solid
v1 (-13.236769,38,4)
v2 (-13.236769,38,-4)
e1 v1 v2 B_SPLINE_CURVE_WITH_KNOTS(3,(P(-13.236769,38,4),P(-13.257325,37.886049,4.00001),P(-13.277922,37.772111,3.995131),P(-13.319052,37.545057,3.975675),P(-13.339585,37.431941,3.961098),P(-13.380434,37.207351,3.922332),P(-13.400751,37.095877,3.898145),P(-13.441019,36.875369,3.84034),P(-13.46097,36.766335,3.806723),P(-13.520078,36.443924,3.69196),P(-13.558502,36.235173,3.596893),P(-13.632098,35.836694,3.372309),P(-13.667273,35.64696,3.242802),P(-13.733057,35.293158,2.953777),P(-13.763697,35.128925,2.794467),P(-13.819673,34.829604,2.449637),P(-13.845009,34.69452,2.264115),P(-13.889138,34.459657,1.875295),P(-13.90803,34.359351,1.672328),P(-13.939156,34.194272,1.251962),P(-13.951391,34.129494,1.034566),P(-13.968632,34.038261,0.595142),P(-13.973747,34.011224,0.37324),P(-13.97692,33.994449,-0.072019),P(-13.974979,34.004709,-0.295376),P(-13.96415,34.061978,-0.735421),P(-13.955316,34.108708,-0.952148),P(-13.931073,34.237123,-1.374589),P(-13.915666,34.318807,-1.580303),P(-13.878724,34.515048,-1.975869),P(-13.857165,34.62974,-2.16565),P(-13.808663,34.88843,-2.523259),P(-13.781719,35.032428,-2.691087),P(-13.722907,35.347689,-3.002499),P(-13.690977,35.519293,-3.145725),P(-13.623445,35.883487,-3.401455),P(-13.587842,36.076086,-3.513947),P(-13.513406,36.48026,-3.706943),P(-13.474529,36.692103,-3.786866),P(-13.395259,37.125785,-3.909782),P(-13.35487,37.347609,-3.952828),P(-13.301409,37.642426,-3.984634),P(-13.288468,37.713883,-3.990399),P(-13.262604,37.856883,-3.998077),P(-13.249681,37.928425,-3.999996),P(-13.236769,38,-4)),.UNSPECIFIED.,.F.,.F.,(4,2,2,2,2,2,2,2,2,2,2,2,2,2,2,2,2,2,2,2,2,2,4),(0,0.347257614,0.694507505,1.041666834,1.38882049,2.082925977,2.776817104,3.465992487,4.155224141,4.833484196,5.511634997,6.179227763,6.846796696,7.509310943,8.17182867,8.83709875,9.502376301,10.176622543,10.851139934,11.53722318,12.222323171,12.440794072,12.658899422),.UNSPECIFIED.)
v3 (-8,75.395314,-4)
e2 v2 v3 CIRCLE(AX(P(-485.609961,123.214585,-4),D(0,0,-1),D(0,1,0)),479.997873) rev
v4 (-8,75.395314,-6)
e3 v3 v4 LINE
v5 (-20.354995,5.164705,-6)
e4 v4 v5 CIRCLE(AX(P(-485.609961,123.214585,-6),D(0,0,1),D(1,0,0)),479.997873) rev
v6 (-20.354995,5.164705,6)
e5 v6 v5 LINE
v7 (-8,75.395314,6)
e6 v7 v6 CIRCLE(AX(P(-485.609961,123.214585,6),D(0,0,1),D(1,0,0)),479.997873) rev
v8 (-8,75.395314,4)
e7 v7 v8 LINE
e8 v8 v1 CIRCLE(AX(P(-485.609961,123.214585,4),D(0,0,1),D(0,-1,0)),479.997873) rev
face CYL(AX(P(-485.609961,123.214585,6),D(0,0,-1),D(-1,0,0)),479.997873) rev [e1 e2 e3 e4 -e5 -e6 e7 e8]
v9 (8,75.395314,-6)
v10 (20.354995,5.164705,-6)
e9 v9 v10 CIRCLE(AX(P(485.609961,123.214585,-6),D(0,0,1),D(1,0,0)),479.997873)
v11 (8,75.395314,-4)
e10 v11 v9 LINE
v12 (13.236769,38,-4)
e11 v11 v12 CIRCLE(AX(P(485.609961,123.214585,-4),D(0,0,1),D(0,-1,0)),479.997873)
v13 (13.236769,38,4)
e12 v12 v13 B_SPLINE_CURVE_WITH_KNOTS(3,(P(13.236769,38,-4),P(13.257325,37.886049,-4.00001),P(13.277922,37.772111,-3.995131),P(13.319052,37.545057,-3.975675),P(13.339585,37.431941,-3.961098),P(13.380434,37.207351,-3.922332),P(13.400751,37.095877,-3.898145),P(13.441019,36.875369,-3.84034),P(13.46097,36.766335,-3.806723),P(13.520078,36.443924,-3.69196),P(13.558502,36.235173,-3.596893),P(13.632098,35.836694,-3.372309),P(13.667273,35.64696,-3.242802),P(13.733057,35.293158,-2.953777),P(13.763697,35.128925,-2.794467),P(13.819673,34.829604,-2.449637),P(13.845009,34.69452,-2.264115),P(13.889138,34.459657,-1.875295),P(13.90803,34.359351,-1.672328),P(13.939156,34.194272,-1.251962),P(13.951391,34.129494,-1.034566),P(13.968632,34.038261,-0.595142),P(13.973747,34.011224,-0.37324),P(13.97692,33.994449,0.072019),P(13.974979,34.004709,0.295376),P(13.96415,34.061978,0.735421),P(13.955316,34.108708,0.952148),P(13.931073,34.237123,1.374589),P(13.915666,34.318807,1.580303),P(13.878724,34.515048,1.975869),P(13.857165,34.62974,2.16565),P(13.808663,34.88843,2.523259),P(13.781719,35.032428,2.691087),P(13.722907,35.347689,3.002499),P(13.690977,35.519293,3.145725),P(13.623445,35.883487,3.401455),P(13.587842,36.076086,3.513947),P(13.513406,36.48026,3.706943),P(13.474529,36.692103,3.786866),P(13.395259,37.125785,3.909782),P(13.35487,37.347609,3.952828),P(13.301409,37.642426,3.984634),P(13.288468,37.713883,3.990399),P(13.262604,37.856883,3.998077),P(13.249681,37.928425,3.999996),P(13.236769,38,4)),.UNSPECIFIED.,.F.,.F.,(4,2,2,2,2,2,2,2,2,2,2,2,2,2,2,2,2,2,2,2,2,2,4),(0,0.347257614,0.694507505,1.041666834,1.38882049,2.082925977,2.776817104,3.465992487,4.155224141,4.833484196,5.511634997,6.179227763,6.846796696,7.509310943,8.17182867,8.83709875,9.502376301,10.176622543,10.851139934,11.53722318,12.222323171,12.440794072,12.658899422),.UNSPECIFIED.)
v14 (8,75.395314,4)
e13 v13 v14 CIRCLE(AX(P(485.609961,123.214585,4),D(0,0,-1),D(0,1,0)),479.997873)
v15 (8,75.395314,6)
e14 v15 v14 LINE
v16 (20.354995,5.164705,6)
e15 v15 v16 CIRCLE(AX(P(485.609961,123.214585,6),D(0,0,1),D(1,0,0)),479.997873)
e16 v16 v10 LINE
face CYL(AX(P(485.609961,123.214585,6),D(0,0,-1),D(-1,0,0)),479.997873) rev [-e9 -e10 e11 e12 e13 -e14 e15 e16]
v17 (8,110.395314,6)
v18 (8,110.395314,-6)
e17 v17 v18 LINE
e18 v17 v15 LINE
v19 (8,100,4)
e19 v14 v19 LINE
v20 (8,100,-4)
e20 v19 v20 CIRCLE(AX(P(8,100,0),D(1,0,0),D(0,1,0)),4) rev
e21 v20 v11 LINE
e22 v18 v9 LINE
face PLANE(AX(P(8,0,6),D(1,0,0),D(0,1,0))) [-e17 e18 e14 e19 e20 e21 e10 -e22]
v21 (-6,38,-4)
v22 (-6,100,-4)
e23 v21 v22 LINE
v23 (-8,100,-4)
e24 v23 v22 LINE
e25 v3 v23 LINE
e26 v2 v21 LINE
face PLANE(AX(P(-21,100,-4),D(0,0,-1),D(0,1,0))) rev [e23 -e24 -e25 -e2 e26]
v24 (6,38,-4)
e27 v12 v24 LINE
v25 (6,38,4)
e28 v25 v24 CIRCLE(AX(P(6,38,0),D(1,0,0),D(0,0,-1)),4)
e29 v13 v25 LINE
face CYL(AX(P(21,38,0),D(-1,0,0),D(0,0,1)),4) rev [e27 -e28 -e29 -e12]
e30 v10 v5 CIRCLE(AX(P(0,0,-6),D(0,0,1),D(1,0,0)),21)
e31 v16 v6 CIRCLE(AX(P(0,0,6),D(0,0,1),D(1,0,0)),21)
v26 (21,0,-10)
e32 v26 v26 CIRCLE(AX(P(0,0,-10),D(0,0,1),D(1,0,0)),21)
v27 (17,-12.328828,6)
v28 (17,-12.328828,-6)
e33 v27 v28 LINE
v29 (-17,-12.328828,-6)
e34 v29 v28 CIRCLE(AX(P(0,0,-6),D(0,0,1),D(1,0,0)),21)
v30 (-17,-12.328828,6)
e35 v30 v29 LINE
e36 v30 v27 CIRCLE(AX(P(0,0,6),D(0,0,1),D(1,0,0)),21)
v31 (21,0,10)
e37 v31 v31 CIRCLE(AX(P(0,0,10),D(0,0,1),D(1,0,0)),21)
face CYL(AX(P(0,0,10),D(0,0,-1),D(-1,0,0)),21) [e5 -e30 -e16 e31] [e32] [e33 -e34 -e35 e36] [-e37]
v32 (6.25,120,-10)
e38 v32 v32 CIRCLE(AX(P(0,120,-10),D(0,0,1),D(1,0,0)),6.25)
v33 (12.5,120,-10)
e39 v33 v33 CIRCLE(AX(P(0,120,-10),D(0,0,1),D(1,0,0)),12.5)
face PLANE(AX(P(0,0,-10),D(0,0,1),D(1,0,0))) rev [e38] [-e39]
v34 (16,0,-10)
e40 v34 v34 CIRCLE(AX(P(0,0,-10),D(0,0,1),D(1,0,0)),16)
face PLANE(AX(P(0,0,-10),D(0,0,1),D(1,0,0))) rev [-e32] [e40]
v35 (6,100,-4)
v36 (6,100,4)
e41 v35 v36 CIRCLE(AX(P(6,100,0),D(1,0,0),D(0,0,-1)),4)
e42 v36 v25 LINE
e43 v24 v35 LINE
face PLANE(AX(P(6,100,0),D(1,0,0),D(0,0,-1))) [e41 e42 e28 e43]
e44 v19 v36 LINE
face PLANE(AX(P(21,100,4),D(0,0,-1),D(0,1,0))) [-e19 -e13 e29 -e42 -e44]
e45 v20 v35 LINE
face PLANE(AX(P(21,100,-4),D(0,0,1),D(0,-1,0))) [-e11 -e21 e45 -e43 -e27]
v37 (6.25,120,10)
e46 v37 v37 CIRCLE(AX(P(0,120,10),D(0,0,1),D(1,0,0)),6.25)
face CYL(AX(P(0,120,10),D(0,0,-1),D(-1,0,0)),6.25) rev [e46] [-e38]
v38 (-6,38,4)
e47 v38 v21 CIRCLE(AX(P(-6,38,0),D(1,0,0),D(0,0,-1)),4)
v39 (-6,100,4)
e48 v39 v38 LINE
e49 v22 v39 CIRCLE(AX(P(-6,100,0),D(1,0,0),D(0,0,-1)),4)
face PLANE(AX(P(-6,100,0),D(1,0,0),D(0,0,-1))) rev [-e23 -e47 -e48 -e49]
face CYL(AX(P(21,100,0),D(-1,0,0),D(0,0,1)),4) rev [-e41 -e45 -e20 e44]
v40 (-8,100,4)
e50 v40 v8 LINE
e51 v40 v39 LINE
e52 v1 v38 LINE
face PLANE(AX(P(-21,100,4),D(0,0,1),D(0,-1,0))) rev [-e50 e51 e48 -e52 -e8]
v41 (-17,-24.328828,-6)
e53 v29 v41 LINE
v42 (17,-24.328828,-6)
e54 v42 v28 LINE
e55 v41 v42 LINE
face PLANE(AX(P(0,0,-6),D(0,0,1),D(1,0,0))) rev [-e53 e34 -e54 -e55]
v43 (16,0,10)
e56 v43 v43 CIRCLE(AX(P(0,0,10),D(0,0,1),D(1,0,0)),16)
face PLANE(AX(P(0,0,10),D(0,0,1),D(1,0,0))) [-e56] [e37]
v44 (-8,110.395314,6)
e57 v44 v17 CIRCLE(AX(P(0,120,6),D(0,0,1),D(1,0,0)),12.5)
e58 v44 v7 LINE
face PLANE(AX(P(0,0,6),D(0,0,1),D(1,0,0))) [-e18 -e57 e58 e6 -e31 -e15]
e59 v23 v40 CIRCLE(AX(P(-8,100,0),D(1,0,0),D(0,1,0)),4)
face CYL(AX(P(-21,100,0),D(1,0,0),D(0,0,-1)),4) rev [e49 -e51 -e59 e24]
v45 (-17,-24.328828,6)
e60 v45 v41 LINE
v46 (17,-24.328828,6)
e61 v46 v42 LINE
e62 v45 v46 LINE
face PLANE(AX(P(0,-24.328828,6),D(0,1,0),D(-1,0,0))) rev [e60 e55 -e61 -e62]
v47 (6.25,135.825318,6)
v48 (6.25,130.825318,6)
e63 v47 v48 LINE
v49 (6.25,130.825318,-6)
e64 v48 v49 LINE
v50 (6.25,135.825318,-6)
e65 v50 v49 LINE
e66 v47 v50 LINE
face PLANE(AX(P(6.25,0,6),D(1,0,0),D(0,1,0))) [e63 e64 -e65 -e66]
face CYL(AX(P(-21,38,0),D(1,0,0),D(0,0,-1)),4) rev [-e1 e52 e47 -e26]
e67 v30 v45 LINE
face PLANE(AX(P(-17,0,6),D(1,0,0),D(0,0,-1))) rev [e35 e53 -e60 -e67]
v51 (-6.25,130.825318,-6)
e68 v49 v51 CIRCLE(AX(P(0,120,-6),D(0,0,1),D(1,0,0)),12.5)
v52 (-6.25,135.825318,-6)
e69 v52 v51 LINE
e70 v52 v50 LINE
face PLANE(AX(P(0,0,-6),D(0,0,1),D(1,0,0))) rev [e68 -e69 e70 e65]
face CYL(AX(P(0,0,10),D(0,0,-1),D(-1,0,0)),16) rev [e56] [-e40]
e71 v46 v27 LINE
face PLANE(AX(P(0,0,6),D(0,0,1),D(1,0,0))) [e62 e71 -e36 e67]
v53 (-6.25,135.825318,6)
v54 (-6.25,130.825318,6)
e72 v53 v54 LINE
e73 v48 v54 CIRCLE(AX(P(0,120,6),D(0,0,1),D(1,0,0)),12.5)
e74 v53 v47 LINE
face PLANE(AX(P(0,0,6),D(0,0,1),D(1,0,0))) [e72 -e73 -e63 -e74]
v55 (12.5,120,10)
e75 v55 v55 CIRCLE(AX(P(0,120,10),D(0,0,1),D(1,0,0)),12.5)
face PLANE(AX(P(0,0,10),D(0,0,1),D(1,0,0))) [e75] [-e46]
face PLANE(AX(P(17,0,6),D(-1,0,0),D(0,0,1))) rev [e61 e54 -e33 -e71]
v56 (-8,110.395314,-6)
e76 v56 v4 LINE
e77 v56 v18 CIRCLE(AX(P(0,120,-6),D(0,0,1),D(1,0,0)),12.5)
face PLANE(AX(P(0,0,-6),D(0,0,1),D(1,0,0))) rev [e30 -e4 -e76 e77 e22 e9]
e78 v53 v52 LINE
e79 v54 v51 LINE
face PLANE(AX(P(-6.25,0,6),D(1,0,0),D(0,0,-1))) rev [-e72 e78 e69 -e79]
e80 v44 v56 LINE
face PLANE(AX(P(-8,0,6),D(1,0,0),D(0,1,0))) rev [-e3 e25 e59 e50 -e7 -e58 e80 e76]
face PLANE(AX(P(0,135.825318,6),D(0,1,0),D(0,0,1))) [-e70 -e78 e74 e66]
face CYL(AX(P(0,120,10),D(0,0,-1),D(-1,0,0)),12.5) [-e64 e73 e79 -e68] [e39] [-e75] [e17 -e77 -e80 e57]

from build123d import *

# Parameters (mm, degrees)
SKETCH2_R             = 12.5
SKETCH2_R_2           = 6.25
BOSS_EXTRUDE1_DEPTH   = 10
SKETCH2_R_3           = 21
SKETCH2_R_4           = 16
BOSS_EXTRUDE1_2_DEPTH = 10
BOSS_EXTRUDE2_DEPTH   = 6
CUT_EXTRUDE1_START    = -6
CUT_EXTRUDE1_DEPTH    = 132.802456026
CUT_EXTRUDE4_START    = 6
CUT_EXTRUDE4_DEPTH    = 132.802456026


with BuildPart() as part:
    # Sketch2 → Boss-Extrude1 (new, symmetric)
    with BuildSketch(Plane.XY):
        with Locations((0, 120)):
            Circle(SKETCH2_R)
        with Locations((0, 120)):
            Circle(SKETCH2_R_2, mode=Mode.SUBTRACT)
    extrude(amount=BOSS_EXTRUDE1_DEPTH, both=True)



with BuildPart() as body_2:
    # Sketch2 → Boss-Extrude1 2 (new, symmetric)
    with BuildSketch(Plane.XY):
        Circle(SKETCH2_R_3)
        Circle(SKETCH2_R_4, mode=Mode.SUBTRACT)
    extrude(amount=BOSS_EXTRUDE1_2_DEPTH, both=True)


with BuildPart() as part_1:
    add(part.part)

    add(body_2.part)  # Boss-Extrude2 merges body 2
    # Sketch2<3> → Boss-Extrude2 (add, symmetric)
    with BuildSketch(Plane.XY):
        with BuildLine():
            ThreePointArc((8, 110.395313644), (0, 107.5), (-8, 110.395313644))
            Line((-8, 110.395313644), (-8, 75.395313644))
            ThreePointArc((-8, 75.395313644), (-12.871500282, 40.050257874), (-20.354994984, 5.164705142))
            ThreePointArc((-20.354994984, 5.164705142), (0, 21), (20.354994984, 5.164705142))
            ThreePointArc((20.354994984, 5.164705142), (12.871500282, 40.050257874), (8, 75.395313644))
            Line((8, 75.395313644), (8, 110.395313644))
        make_face()
        with BuildLine():
            Line((-6.25, 135.825317547), (-6.25, 130.825317547))
            ThreePointArc((-6.25, 130.825317547), (0, 132.5), (6.25, 130.825317547))
            Line((6.25, 130.825317547), (6.25, 135.825317547))
            Line((6.25, 135.825317547), (-6.25, 135.825317547))
        make_face()
        with BuildLine():
            ThreePointArc((17, -12.328828006), (0, -21), (-17, -12.328828006))
            Line((-17, -12.328828006), (-17, -24.328828006))
            Line((-17, -24.328828006), (17, -24.328828006))
            Line((17, -24.328828006), (17, -12.328828006))
        make_face()
    extrude(amount=BOSS_EXTRUDE2_DEPTH, both=True)

    # Sketch4 → Cut-Extrude1 (cut, through all)
    with BuildSketch(Plane(origin=(0, 0, 0), x_dir=(0, 0, -1), z_dir=(1, 0, 0)).offset(CUT_EXTRUDE1_START)):
        with BuildLine():
            Line((4, 100), (4, 38))
            ThreePointArc((4, 38), (0, 34), (-4, 38))
            Line((-4, 38), (-4, 100))
            ThreePointArc((-4, 100), (0, 104), (4, 100))
        make_face()
    extrude(amount=-CUT_EXTRUDE1_DEPTH, mode=Mode.SUBTRACT)

    # Sketch4<4> → Cut-Extrude4 (cut, through all)
    with BuildSketch(Plane(origin=(0, 0, 0), x_dir=(0, 0, -1), z_dir=(1, 0, 0)).offset(CUT_EXTRUDE4_START)):
        with BuildLine():
            Line((4, 100), (4, 38))
            ThreePointArc((4, 38), (0, 34), (-4, 38))
            Line((-4, 38), (-4, 100))
            ThreePointArc((-4, 100), (0, 104), (4, 100))
        make_face()
    extrude(amount=CUT_EXTRUDE4_DEPTH, mode=Mode.SUBTRACT)


solid = part_1.part
